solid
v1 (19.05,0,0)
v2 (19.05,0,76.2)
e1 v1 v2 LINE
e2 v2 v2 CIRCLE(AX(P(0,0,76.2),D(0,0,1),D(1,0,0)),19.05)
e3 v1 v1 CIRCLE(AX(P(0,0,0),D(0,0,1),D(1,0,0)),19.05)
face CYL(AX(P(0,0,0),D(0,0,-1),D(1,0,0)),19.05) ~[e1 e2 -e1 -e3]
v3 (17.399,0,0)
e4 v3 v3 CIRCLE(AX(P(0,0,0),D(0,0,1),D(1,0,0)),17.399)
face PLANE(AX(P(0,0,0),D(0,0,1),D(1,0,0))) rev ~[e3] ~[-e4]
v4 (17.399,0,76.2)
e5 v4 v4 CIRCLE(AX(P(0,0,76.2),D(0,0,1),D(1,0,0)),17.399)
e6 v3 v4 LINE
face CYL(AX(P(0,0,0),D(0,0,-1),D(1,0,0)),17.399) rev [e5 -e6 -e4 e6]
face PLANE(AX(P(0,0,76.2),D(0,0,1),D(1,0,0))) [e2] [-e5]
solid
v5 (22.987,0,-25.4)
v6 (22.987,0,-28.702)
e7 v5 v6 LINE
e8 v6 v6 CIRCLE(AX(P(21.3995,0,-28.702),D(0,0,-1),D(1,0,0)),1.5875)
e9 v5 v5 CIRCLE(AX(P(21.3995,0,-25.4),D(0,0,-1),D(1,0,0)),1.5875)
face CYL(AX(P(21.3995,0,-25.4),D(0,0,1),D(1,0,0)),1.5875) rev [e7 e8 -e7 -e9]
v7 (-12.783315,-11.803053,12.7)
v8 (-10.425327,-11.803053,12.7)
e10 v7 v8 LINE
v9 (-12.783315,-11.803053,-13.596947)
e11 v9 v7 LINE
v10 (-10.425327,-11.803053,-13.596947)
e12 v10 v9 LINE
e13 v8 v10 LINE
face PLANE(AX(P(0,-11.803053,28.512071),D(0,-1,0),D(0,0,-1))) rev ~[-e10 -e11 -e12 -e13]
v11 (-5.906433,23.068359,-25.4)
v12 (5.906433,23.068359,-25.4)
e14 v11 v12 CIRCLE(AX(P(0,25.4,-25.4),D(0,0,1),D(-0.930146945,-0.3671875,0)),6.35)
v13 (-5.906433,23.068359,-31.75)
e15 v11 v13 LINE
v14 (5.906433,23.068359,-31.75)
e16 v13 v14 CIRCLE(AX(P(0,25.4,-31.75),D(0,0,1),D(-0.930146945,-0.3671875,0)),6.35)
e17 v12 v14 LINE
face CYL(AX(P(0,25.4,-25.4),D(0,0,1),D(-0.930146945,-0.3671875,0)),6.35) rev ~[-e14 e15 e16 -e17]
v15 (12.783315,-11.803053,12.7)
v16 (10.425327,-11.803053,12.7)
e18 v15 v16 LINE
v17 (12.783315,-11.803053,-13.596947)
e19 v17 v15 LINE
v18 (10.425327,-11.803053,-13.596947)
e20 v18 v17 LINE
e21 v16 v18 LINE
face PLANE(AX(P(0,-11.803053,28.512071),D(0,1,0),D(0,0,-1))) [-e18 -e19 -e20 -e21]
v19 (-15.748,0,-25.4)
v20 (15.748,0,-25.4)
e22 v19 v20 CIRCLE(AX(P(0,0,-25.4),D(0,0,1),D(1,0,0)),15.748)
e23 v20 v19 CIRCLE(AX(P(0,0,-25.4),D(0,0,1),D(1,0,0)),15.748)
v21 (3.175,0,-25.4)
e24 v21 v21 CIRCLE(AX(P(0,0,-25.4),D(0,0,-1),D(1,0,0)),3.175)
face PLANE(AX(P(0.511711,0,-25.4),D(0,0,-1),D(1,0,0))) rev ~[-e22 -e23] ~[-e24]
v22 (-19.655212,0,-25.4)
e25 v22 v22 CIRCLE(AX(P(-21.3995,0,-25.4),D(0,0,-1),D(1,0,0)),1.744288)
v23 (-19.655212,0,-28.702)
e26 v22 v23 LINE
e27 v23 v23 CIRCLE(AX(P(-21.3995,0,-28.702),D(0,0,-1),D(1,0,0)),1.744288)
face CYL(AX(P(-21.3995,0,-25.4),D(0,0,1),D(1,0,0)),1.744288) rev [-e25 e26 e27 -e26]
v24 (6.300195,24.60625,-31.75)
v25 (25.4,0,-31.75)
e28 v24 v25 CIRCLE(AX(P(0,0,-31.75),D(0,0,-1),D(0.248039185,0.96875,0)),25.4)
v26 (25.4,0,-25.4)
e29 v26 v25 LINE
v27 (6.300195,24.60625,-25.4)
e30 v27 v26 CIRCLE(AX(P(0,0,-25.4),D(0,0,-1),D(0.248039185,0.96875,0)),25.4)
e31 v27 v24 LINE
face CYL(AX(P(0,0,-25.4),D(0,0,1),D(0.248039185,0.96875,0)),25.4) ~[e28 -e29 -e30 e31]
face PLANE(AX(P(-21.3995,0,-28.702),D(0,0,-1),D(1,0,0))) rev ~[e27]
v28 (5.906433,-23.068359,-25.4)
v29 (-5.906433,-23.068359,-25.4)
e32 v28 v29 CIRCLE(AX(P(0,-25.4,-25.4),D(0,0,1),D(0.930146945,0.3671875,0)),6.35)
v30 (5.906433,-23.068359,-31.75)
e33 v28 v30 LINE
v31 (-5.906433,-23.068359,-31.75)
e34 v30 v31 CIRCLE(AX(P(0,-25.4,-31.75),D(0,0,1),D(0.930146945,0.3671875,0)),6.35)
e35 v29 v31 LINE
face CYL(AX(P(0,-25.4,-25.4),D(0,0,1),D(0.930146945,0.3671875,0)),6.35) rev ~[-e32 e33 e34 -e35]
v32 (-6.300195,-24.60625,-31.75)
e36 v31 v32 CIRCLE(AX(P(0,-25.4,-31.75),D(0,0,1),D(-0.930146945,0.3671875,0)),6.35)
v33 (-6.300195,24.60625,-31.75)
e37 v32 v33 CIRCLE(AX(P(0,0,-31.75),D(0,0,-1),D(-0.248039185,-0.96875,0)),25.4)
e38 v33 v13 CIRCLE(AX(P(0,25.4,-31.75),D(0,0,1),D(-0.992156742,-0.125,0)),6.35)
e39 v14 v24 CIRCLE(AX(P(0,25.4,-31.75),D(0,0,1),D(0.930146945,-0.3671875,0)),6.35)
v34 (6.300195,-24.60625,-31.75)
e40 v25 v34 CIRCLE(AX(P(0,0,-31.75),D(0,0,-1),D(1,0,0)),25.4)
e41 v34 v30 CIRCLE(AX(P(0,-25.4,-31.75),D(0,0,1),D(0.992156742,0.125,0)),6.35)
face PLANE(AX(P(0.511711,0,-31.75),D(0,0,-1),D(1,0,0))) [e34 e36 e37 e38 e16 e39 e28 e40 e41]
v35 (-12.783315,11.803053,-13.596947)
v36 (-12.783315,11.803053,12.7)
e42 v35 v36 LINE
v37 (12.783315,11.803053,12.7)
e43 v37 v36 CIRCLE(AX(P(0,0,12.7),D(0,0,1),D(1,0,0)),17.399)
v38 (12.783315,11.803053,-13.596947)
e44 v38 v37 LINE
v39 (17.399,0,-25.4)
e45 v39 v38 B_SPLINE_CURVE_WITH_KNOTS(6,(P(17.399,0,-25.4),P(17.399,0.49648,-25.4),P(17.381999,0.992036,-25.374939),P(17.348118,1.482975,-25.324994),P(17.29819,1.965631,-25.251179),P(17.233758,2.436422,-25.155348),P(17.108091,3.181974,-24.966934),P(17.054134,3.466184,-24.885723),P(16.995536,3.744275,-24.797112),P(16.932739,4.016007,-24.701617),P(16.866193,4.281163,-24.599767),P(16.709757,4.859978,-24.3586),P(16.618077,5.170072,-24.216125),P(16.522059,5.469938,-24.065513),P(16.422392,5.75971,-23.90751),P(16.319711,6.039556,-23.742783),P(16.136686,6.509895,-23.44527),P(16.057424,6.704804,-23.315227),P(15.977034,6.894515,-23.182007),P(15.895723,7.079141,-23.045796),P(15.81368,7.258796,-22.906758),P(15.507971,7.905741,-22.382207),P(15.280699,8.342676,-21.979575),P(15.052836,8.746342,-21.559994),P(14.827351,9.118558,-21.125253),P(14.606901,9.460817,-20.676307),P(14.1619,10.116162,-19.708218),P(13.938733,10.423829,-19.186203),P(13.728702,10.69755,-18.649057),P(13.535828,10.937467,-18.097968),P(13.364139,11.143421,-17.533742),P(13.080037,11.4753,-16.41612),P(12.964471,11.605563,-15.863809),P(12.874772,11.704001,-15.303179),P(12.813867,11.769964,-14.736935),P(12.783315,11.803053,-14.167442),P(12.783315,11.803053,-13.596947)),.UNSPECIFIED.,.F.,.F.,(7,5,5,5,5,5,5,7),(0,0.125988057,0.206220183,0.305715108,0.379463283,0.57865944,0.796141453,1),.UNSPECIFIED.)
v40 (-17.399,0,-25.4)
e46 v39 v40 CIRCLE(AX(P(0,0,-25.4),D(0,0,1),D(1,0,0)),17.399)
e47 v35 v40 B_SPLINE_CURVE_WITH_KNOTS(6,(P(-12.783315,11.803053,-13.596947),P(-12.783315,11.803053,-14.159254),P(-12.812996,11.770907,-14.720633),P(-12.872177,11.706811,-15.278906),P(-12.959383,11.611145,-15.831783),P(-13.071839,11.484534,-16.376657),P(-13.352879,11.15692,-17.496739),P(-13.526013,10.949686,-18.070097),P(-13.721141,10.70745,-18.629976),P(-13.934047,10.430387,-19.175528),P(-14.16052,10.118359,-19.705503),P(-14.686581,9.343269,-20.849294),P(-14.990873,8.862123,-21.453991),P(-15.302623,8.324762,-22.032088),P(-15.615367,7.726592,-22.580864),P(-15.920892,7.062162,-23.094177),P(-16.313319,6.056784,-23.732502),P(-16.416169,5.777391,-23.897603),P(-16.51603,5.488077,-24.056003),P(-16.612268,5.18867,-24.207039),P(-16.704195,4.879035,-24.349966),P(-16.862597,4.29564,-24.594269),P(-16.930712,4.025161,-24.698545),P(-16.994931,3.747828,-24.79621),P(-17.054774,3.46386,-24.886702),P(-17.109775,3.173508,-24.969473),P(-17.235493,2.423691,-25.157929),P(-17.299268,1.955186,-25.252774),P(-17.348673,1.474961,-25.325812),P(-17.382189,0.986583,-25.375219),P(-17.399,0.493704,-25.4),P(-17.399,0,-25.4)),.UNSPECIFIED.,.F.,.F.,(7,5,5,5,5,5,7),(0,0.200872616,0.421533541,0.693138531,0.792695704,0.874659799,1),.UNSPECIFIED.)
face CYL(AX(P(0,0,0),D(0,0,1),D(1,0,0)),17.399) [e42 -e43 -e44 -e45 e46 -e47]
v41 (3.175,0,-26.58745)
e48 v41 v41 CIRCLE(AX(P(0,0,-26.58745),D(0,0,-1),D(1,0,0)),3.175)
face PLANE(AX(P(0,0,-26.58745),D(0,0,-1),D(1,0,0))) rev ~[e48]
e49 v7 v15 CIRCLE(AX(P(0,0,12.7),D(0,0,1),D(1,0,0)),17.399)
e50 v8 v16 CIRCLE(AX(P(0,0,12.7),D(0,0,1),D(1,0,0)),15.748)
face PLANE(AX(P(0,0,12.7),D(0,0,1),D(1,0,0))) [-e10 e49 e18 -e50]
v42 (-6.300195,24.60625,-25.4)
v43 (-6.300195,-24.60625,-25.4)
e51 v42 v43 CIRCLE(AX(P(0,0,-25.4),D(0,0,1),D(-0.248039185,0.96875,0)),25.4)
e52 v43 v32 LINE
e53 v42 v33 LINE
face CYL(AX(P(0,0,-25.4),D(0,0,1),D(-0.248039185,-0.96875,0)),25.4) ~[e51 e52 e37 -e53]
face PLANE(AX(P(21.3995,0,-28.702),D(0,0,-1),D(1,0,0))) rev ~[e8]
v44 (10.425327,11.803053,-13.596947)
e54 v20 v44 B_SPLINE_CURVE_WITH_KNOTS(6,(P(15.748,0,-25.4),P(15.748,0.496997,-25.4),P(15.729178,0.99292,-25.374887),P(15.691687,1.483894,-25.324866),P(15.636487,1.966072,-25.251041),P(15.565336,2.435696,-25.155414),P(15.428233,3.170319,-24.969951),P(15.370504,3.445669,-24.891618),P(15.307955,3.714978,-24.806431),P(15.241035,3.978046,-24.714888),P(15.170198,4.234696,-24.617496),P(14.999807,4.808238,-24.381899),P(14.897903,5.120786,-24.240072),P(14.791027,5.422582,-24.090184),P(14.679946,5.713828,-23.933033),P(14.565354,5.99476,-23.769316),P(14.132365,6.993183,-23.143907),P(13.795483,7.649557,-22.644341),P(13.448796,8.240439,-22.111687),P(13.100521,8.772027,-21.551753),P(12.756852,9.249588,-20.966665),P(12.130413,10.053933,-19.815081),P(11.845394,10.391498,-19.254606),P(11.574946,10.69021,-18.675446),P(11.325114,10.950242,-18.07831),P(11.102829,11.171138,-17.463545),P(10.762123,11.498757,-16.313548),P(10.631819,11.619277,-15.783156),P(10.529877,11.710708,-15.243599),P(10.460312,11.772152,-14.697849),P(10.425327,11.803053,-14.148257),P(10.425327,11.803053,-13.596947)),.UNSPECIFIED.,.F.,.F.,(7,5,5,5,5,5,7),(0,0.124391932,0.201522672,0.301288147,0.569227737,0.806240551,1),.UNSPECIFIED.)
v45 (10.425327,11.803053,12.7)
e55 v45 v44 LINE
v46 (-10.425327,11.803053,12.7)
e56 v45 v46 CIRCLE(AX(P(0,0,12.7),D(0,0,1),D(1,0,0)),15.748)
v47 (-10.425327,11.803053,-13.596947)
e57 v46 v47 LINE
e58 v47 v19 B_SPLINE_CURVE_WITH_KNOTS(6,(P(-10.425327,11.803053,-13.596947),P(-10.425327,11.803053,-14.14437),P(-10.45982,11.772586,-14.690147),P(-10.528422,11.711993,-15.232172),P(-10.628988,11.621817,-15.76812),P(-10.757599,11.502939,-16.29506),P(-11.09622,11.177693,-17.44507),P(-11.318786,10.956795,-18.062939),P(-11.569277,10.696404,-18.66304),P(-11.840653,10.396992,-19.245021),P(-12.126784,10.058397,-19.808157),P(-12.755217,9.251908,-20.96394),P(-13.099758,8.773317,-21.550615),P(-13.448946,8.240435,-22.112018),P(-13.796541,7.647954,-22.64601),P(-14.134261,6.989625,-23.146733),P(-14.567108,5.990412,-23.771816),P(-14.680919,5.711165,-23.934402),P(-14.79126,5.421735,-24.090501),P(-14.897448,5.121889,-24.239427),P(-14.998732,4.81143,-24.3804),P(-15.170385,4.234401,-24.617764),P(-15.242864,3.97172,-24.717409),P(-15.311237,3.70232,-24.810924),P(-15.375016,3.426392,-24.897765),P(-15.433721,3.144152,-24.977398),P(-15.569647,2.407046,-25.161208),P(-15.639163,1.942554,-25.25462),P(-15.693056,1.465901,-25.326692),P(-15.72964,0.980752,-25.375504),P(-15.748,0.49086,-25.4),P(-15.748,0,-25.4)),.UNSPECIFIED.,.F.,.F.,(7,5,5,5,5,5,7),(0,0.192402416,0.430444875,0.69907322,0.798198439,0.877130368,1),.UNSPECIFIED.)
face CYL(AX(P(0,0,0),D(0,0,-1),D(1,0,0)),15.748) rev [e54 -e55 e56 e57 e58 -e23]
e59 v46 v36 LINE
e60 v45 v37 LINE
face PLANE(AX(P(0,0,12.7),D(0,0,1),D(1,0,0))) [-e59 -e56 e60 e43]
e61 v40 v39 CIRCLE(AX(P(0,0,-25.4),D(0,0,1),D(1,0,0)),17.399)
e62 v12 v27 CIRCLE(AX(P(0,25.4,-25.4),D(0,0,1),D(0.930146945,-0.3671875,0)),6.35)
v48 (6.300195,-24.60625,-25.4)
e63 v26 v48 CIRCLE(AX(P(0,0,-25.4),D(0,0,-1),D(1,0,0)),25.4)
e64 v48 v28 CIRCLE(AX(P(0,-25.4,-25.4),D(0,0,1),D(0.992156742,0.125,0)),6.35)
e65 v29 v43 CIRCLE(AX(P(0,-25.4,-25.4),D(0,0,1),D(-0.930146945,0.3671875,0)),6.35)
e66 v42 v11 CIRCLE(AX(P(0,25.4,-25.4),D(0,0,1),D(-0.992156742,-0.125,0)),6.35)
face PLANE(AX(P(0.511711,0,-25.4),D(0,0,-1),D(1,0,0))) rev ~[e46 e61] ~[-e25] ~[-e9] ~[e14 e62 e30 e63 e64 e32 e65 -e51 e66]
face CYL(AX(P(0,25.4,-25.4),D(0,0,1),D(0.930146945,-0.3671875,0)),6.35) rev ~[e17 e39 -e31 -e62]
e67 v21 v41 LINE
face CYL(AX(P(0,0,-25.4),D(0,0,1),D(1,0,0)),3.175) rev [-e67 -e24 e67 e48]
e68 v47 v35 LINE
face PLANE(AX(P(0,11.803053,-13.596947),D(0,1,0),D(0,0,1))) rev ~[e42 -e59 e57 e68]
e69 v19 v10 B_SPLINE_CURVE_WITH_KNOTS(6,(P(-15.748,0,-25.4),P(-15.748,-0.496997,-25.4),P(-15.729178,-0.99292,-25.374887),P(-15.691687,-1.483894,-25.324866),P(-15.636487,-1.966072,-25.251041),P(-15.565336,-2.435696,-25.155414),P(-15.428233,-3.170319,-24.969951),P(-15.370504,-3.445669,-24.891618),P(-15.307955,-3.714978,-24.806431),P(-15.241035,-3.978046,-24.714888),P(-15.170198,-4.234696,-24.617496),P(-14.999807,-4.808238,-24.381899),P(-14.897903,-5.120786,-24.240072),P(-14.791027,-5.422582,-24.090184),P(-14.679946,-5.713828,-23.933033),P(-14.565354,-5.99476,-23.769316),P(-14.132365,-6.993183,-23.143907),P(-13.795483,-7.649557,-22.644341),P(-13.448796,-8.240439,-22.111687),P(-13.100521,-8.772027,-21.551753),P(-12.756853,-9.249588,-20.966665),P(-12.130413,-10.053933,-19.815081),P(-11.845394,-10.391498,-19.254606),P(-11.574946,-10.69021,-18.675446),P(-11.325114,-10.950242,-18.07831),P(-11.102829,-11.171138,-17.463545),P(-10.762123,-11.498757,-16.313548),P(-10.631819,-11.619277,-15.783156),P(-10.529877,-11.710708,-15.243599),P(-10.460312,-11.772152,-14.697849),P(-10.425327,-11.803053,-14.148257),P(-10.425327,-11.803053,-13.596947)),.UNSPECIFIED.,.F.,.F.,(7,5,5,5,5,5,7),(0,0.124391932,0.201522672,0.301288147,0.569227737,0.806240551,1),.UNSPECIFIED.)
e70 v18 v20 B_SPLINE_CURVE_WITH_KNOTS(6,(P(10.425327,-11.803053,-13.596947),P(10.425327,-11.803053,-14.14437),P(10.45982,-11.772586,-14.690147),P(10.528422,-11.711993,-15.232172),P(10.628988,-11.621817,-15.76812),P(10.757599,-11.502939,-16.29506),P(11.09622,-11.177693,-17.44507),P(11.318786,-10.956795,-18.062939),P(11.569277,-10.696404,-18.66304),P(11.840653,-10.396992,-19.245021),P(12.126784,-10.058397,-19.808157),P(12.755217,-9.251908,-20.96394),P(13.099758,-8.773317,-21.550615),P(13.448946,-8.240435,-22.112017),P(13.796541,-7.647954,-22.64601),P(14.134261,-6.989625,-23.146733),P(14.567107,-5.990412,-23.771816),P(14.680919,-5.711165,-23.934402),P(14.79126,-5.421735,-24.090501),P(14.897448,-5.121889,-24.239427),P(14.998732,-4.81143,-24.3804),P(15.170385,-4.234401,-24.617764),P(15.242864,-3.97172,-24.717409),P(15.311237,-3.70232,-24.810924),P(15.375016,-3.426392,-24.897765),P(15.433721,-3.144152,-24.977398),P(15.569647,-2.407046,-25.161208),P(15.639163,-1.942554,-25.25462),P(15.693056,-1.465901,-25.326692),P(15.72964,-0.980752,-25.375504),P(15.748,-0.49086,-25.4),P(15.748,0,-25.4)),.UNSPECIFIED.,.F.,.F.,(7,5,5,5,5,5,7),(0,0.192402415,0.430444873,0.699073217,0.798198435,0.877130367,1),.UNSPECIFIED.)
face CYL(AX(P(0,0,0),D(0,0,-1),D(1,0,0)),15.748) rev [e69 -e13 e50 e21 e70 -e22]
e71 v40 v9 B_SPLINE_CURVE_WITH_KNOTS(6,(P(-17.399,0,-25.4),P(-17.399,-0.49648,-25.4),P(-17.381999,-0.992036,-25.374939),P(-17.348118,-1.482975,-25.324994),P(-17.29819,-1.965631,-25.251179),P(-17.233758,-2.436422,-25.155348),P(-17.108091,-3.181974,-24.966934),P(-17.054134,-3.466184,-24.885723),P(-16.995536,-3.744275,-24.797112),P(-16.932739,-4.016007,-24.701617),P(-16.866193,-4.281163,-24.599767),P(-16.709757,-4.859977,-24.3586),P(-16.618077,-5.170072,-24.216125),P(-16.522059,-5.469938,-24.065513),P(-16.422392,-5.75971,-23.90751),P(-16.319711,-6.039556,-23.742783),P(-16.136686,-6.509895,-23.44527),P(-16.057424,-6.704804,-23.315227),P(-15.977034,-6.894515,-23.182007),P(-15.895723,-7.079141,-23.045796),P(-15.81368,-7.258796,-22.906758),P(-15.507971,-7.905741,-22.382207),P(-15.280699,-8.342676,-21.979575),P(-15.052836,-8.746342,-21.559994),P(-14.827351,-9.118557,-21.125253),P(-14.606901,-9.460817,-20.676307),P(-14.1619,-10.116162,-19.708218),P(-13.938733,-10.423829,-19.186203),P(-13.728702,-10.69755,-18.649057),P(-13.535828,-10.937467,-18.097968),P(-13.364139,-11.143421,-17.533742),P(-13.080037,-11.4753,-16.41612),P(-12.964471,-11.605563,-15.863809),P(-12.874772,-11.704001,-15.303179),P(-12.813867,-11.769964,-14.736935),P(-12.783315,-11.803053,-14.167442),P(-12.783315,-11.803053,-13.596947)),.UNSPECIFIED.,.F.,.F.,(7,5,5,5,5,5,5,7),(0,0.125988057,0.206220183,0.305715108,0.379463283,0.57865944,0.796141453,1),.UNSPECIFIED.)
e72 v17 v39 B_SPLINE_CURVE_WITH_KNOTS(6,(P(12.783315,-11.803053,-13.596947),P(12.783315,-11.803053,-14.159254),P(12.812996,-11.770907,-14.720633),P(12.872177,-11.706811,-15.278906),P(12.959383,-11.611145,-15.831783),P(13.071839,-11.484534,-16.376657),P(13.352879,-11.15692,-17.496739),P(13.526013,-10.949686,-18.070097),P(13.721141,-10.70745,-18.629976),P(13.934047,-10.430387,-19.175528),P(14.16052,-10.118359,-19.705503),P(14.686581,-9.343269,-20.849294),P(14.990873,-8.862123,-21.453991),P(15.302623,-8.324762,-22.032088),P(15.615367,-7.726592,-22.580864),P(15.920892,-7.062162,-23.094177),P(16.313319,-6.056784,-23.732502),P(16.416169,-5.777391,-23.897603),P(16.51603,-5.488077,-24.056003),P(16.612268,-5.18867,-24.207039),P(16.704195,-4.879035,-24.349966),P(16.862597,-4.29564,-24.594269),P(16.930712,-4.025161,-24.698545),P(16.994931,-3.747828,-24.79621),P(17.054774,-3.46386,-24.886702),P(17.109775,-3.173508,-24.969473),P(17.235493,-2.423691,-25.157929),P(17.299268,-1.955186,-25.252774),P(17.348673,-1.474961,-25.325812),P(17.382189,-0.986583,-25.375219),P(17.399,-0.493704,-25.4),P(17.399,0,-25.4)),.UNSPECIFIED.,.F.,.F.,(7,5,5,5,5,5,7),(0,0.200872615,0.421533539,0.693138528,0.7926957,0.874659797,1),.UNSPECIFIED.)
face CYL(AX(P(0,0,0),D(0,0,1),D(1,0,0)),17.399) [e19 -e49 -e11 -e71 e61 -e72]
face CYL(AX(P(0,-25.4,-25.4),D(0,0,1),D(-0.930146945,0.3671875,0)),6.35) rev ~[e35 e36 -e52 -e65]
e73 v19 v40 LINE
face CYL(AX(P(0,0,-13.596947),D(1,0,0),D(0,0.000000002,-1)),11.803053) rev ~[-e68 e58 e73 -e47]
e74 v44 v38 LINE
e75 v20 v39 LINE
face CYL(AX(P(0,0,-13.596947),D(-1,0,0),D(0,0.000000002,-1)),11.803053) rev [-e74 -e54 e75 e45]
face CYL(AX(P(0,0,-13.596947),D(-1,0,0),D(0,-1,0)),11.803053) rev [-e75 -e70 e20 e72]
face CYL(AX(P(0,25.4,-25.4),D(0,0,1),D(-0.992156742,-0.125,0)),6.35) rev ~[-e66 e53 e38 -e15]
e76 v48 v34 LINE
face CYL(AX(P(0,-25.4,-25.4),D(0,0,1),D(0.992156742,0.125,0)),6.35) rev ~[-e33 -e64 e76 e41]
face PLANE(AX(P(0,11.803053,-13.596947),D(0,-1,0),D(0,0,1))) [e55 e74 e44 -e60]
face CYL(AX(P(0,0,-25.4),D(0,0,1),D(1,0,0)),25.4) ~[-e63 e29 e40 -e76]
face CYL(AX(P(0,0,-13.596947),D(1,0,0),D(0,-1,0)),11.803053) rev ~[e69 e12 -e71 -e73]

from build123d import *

# Parameters (mm, degrees)
F0_R          = 19.05
F0_R_2        = 17.399
F1_DEPTH      = 76.2
F2_R          = 17.399
F2_R_2        = 15.748
F3_DEPTH      = 25.4
F3_DEPTH_BACK = 12.7
F4_R          = 1.7442879666
F4_R_2        = 17.399
F4_R_3        = 1.5875
F4_R_4        = 15.748
F4_R_5        = 3.175
F5_DEPTH      = 6.35
F7_DEPTH      = 25.401
F7_DEPTH_BACK = 25.401
F8_DEPTH      = 3.302
F9_DEPTH      = 1.18745


with BuildPart() as f1:
    # F0 (on Top) → F1 (new body)
    with BuildSketch(Plane.XY):
        Circle(F0_R)
        Circle(F0_R_2, mode=Mode.SUBTRACT)
    extrude(amount=F1_DEPTH)


with BuildPart() as f3:
    # F2 (on Top) → F3 (new body, two sides)
    with BuildSketch(Plane.XY) as f3_sk:
        Circle(F2_R)
        Circle(F2_R_2, mode=Mode.SUBTRACT)
    extrude(amount=-F3_DEPTH)
    extrude(f3_sk.sketch, amount=F3_DEPTH_BACK)

    # F4 (on face) → F5 (join)
    with BuildSketch(Plane(origin=(0, 0, -25.4), x_dir=(1, 0, 0), z_dir=(0, 0, -1))):
        with BuildLine():
            ThreePointArc((23.8125, 0), (18.8106631264, 14.6011680696), (5.9064331026, 23.068359375))
            ThreePointArc((5.9064331026, 23.068359375), (0, 19.05), (-5.9064331026, 23.068359375))
            ThreePointArc((-5.9064331026, 23.068359375), (-23.8125, 0), (-5.9064331026, -23.068359375))
            ThreePointArc((-5.9064331026, -23.068359375), (0, -19.05), (5.9064331026, -23.068359375))
            ThreePointArc((5.9064331026, -23.068359375), (18.8106631264, -14.6011680696), (23.8125, 0))
        make_face()
        with Locations((-21.3995, 0)):
            Circle(F4_R, mode=Mode.SUBTRACT)
        Circle(F4_R_2, mode=Mode.SUBTRACT)
        with Locations((21.3995, 0)):
            Circle(F4_R_3, mode=Mode.SUBTRACT)
        Circle(F4_R_2)
        Circle(F4_R_4, mode=Mode.SUBTRACT)
        Circle(F4_R_4)
        Circle(F4_R_5, mode=Mode.SUBTRACT)
        with BuildLine():
            ThreePointArc((-5.9064331026, 23.068359375), (-6.1515625, 23.8249511726), (-6.3001953095, 24.60625))
            ThreePointArc((-6.3001953095, 24.60625), (-25.4, 0), (-6.3001953095, -24.60625))
            ThreePointArc((-6.3001953095, -24.60625), (-6.1515625, -23.8249511726), (-5.9064331026, -23.068359375))
            ThreePointArc((-5.9064331026, -23.068359375), (-23.8125, 0), (-5.9064331026, 23.068359375))
        make_face()
        with BuildLine():
            ThreePointArc((6.3001953095, -24.60625), (20.0647073348, -15.5745792742), (25.4, 0))
            ThreePointArc((25.4, 0), (20.0647073348, 15.5745792742), (6.3001953095, 24.60625))
            ThreePointArc((6.3001953095, 24.60625), (6.1515625, 23.8249511726), (5.9064331026, 23.068359375))
            ThreePointArc((5.9064331026, 23.068359375), (18.8106631264, 14.6011680696), (23.8125, 0))
            ThreePointArc((23.8125, 0), (18.8106631264, -14.6011680696), (5.9064331026, -23.068359375))
            ThreePointArc((5.9064331026, -23.068359375), (6.1515625, -23.8249511726), (6.3001953095, -24.60625))
        make_face()
        Circle(F4_R_5)
        with Locations((-21.3995, 0)):
            Circle(F4_R)
        with Locations((21.3995, 0)):
            Circle(F4_R_3)
    extrude(amount=F5_DEPTH)

    # F6 (on Right) → F7 (cut, two sides)
    with BuildSketch(Plane.YZ) as f7_sk:
        with BuildLine():
            ThreePointArc((2.9e-08, -25.4), (8.3460186097, -21.9429658941), (11.8030526951, -13.5969473049))
            ThreePointArc((11.8030526951, -13.5969473049), (0, -1.7938946098), (-11.8030526951, -13.5969473049))
            ThreePointArc((-11.8030526951, -13.5969473049), (-8.3460185892, -21.9429659146), (2.9e-08, -25.4))
        make_face()
        with BuildLine():
            ThreePointArc((-11.8030526951, -13.5969473049), (0, -1.7938946098), (11.8030526951, -13.5969473049))
            Line((11.8030526951, -13.5969473049), (11.8030526951, 28.5120714845))
            Line((11.8030526951, 28.5120714845), (-11.8030526951, 28.5120714845))
            Line((-11.8030526951, 28.5120714845), (-11.8030526951, -13.5969473049))
        make_face()
    extrude(amount=F7_DEPTH, mode=Mode.SUBTRACT)
    extrude(f7_sk.sketch, amount=-F7_DEPTH_BACK, mode=Mode.SUBTRACT)

    # F4 (on face) → F8 (cut)
    with BuildSketch(Plane(origin=(0, 0, -25.4), x_dir=(1, 0, 0), z_dir=(0, 0, -1))):
        with Locations((21.3995, 0)):
            Circle(F4_R_3)
        with Locations((-21.3995, 0)):
            Circle(F4_R)
    extrude(amount=F8_DEPTH, mode=Mode.SUBTRACT)

    # F4 (on face) → F9 (cut)
    with BuildSketch(Plane(origin=(0, 0, -25.4), x_dir=(1, 0, 0), z_dir=(0, 0, -1))):
        Circle(F4_R_5)
    extrude(amount=F9_DEPTH, mode=Mode.SUBTRACT)


solid = Compound([f1.part, f3.part])
